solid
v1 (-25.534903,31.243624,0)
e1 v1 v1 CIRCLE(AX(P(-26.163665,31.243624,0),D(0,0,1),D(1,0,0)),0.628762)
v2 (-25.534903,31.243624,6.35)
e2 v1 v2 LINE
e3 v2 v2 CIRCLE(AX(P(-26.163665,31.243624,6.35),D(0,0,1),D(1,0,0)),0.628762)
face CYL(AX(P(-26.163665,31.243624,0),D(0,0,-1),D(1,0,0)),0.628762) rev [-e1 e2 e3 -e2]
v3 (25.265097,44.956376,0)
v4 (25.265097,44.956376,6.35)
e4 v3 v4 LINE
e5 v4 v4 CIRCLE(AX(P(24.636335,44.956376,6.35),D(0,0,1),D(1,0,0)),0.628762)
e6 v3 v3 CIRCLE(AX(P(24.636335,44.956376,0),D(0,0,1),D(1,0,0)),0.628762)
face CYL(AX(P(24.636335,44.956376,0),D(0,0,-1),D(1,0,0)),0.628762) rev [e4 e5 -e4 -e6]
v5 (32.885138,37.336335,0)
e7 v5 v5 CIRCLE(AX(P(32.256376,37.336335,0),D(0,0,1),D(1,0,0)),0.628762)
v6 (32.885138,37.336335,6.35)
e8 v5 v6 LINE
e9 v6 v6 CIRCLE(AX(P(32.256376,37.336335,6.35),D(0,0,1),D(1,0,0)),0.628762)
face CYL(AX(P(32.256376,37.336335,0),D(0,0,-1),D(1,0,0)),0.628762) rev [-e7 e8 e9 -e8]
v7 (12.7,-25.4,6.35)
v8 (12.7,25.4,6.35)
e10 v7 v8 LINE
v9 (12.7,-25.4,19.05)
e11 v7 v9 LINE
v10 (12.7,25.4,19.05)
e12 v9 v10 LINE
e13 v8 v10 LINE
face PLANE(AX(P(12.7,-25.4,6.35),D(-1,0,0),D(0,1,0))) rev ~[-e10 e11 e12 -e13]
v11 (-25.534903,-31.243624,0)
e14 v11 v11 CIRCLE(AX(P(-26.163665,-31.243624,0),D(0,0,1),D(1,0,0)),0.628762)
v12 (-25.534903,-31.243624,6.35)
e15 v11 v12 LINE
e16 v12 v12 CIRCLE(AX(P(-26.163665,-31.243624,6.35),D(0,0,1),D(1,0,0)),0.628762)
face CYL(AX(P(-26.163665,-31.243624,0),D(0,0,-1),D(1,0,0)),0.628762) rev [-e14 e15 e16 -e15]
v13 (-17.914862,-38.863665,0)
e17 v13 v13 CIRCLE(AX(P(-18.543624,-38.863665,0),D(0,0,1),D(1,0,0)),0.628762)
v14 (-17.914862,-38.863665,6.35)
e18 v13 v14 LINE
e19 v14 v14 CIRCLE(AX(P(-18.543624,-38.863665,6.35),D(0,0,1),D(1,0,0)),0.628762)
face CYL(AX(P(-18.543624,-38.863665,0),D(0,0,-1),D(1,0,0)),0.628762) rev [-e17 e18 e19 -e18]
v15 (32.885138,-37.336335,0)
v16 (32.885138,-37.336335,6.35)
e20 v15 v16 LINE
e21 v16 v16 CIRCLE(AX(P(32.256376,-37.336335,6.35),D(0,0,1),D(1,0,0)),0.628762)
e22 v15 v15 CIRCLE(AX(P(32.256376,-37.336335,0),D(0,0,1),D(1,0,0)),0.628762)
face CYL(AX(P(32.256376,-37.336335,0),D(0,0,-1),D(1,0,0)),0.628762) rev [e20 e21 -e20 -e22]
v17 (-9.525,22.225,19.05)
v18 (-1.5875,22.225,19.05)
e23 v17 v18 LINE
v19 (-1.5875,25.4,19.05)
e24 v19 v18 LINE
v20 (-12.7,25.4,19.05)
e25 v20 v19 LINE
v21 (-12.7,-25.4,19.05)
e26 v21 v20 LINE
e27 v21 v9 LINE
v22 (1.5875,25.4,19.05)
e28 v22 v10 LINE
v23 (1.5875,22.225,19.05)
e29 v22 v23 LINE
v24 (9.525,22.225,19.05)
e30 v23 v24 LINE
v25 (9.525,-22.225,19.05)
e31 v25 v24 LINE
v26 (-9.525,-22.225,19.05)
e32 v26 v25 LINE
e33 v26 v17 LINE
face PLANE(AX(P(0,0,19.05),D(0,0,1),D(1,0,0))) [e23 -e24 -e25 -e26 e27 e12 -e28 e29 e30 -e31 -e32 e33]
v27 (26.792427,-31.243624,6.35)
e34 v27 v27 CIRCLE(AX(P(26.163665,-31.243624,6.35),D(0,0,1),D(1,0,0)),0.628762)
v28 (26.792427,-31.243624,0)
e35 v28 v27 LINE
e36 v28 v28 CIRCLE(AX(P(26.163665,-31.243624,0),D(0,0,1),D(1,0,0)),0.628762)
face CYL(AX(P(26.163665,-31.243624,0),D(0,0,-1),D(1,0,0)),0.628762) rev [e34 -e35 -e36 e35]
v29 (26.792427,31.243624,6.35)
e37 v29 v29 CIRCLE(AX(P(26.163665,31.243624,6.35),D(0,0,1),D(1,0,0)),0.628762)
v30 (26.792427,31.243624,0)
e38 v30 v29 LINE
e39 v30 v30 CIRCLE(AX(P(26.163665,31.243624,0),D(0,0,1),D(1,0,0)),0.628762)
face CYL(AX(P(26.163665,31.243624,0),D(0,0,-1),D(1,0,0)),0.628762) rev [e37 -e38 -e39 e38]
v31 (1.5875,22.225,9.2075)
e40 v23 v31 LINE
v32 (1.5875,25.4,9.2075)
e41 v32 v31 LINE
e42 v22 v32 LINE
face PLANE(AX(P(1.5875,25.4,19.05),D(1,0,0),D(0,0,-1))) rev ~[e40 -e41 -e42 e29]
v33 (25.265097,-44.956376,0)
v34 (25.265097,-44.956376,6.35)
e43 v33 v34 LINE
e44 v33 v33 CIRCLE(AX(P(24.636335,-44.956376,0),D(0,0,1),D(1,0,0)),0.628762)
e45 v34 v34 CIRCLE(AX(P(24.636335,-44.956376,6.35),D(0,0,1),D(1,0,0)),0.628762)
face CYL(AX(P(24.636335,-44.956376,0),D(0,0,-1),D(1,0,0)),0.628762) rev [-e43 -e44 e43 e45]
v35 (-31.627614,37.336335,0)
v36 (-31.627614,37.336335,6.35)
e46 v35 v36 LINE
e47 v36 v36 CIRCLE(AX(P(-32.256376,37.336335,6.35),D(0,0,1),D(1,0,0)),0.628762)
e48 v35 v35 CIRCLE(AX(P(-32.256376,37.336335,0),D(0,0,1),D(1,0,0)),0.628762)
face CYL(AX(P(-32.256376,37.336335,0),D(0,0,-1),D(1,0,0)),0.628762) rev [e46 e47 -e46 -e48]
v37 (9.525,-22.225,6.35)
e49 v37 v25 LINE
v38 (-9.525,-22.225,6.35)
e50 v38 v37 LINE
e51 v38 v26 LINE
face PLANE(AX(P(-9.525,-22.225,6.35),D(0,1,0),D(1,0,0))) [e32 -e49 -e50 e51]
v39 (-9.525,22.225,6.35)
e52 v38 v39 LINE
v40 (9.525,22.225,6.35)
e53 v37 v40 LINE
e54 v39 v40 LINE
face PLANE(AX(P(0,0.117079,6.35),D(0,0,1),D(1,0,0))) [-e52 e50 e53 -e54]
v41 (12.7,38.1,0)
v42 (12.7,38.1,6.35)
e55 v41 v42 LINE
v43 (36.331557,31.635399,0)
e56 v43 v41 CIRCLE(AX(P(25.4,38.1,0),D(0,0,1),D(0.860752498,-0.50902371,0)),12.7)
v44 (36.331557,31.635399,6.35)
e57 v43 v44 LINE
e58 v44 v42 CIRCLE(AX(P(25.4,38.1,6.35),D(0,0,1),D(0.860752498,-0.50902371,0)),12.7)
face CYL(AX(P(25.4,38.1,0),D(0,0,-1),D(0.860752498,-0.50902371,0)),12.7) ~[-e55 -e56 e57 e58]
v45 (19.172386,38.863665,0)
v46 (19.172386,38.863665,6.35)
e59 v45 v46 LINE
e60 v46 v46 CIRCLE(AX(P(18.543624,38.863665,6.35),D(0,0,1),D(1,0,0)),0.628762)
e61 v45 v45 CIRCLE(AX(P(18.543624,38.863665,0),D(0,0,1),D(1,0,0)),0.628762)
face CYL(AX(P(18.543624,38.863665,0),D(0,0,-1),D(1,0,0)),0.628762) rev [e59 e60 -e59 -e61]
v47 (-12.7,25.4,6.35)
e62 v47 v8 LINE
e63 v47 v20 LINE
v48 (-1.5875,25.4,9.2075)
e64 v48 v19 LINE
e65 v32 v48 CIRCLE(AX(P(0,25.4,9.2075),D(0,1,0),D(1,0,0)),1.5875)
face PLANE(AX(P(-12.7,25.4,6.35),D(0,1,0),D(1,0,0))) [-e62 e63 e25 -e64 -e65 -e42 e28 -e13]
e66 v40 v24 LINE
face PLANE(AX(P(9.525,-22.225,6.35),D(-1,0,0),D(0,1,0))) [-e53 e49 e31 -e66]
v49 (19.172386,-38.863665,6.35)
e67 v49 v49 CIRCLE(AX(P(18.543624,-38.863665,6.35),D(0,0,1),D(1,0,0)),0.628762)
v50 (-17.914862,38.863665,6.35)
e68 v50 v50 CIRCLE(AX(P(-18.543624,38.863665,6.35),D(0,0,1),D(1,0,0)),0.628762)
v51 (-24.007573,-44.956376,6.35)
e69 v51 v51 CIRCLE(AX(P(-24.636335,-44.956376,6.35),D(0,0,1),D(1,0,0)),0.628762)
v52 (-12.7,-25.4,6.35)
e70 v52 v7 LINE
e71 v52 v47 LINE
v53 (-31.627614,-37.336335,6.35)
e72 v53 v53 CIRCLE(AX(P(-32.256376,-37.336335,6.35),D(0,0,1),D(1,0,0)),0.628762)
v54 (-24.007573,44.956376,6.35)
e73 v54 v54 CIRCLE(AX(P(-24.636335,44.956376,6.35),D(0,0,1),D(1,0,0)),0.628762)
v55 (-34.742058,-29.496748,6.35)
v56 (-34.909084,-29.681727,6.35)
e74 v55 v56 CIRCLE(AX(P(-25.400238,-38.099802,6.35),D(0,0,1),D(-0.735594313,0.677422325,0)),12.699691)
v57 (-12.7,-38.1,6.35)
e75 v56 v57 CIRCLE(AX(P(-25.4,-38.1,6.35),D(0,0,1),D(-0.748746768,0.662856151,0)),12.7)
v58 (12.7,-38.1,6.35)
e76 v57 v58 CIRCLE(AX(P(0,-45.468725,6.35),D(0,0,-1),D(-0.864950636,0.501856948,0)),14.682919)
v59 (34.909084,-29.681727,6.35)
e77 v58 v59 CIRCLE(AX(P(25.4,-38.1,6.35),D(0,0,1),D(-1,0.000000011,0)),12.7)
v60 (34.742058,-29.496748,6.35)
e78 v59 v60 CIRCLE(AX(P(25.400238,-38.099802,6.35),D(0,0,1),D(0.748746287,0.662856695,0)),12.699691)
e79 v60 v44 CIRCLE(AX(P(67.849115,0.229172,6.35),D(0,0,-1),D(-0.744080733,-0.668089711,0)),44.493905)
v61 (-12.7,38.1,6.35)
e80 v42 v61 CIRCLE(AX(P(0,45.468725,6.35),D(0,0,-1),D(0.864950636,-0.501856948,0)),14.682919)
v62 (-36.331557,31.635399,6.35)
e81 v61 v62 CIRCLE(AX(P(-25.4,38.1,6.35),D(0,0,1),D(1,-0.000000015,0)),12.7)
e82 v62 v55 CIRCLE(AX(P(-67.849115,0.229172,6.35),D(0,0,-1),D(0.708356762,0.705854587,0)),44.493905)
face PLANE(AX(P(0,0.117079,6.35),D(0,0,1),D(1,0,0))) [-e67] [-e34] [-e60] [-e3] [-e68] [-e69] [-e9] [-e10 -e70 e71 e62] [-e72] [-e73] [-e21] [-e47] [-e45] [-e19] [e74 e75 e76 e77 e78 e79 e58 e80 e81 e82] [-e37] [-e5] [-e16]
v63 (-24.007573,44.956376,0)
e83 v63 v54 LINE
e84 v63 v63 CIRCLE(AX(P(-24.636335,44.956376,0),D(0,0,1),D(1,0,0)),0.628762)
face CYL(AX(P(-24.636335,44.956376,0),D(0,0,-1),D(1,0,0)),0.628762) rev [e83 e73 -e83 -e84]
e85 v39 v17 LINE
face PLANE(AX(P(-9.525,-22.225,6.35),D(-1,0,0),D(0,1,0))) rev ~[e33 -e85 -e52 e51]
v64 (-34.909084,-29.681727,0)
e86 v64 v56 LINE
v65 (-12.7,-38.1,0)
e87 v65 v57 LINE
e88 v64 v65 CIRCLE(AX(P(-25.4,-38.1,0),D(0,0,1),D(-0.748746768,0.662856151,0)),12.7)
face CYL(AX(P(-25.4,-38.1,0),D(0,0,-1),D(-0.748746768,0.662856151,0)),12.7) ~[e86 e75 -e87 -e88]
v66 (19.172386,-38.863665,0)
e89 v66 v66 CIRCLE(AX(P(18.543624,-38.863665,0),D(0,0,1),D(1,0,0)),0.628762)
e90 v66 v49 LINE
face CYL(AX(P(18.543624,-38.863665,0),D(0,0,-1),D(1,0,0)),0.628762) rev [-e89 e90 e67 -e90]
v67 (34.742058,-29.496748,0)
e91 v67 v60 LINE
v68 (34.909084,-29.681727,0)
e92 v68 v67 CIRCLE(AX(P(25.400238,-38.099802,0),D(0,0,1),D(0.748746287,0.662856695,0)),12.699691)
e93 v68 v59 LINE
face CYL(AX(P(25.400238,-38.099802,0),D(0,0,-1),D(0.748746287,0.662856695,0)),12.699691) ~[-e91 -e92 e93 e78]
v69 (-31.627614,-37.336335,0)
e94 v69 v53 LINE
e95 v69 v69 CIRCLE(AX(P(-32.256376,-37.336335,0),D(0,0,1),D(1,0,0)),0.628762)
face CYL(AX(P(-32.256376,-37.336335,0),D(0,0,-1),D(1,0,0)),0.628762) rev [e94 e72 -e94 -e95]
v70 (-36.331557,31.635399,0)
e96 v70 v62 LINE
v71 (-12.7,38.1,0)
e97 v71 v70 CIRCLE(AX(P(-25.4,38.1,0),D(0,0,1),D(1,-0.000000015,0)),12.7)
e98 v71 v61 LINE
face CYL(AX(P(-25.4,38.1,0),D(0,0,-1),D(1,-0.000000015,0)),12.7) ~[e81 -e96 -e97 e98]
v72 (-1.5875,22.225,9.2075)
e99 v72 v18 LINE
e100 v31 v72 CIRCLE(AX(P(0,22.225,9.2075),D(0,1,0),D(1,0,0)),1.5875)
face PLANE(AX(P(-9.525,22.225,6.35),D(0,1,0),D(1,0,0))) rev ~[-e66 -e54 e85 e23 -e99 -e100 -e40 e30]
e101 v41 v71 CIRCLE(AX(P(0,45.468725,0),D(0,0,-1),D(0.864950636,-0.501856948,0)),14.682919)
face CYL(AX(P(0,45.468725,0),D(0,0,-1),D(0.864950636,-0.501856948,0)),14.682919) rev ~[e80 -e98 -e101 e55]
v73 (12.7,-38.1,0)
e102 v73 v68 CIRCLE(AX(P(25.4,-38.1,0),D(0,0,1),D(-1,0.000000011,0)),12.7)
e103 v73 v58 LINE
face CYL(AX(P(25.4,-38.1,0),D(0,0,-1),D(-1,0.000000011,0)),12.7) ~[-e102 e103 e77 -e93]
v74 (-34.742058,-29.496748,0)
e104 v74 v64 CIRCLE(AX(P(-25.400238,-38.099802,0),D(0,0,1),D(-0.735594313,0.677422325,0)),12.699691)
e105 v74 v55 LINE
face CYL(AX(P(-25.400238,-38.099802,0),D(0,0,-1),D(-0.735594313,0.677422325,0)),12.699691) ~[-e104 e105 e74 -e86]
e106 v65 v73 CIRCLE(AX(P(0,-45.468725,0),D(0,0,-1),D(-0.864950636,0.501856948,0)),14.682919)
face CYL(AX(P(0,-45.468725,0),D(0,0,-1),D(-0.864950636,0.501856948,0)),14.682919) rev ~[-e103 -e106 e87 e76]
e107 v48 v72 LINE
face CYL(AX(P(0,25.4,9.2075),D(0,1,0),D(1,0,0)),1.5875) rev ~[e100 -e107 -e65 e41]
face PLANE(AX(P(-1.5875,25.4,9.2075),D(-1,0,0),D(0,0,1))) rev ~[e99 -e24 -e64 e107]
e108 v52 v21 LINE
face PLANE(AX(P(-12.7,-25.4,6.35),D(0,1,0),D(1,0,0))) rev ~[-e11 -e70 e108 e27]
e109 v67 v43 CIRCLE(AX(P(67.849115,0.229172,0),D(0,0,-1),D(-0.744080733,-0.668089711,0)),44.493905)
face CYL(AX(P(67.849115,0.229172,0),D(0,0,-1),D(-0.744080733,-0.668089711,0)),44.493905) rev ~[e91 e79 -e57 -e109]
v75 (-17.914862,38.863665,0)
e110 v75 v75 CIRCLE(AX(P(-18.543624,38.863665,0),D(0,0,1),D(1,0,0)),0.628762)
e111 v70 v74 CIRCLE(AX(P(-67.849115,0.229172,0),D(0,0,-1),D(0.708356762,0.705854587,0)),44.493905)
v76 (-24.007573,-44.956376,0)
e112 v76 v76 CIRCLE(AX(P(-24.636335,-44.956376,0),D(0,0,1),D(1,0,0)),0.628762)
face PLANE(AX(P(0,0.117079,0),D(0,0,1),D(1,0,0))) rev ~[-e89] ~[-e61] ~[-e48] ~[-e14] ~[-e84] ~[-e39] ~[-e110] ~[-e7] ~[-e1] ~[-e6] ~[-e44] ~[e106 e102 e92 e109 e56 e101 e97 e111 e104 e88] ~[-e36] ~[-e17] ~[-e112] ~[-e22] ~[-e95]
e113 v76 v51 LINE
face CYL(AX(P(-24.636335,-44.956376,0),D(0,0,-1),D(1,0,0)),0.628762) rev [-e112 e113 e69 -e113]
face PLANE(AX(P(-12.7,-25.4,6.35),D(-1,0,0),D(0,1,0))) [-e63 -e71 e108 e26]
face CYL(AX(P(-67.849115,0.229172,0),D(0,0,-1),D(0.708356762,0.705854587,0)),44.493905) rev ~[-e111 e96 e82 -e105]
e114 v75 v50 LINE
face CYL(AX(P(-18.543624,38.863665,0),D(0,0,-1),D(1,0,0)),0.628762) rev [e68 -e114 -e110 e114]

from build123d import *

# Parameters (mm, degrees)
F0_R     = 0.628762
F1_DEPTH = 6.35
F2_W     = 25.4
F2_H     = 50.8
F2_W_2   = 19.05
F2_H_2   = 44.45
F3_DEPTH = 12.7
F5_DEPTH = 25.4


with BuildPart() as f1:
    # F0 (on Top) → F1 (new body)
    with BuildSketch(Plane.XY):
        with BuildLine():
            ThreePointArc((12.7, 38.1), (0, 30.785806), (-12.7, 38.1))
            ThreePointArc((-12.7, 38.1), (-28.751062, 50.349914), (-36.331557, 31.635399))
            ThreePointArc((-36.331557, 31.635399), (-23.370243, 1.385669), (-34.742058, -29.496748))
            ThreePointArc((-34.742058, -29.496748), (-34.825441, -29.589354), (-34.909084, -29.681727))
            ThreePointArc((-34.909084, -29.681727), (-29.901368, -49.975508), (-12.7, -38.1))
            ThreePointArc((-12.7, -38.1), (0, -30.785806), (12.7, -38.1))
            ThreePointArc((12.7, -38.1), (29.901368, -49.975508), (34.909084, -29.681727))
            ThreePointArc((34.909084, -29.681727), (34.825441, -29.589354), (34.742058, -29.496748))
            ThreePointArc((34.742058, -29.496748), (23.370243, 1.385669), (36.331557, 31.635399))
            ThreePointArc((36.331557, 31.635399), (28.751062, 50.349914), (12.7, 38.1))
        make_face()
        with Locations((-24.636335, -44.956376)):
            Circle(F0_R, mode=Mode.SUBTRACT)
        with Locations((-32.256376, -37.336335)):
            Circle(F0_R, mode=Mode.SUBTRACT)
        with Locations((-26.163665, -31.243624)):
            Circle(F0_R, mode=Mode.SUBTRACT)
        with Locations((-18.543624, -38.863665)):
            Circle(F0_R, mode=Mode.SUBTRACT)
        with Locations((18.543624, -38.863665)):
            Circle(F0_R, mode=Mode.SUBTRACT)
        with Locations((24.636335, -44.956376)):
            Circle(F0_R, mode=Mode.SUBTRACT)
        with Locations((26.163665, -31.243624)):
            Circle(F0_R, mode=Mode.SUBTRACT)
        with Locations((32.256376, -37.336335)):
            Circle(F0_R, mode=Mode.SUBTRACT)
        with Locations((-32.256376, 37.336335)):
            Circle(F0_R, mode=Mode.SUBTRACT)
        with Locations((-26.163665, 31.243624)):
            Circle(F0_R, mode=Mode.SUBTRACT)
        with Locations((-24.636335, 44.956376)):
            Circle(F0_R, mode=Mode.SUBTRACT)
        with Locations((-18.543624, 38.863665)):
            Circle(F0_R, mode=Mode.SUBTRACT)
        with Locations((18.543624, 38.863665)):
            Circle(F0_R, mode=Mode.SUBTRACT)
        with Locations((26.163665, 31.243624)):
            Circle(F0_R, mode=Mode.SUBTRACT)
        with Locations((32.256376, 37.336335)):
            Circle(F0_R, mode=Mode.SUBTRACT)
        with Locations((24.636335, 44.956376)):
            Circle(F0_R, mode=Mode.SUBTRACT)
        with BuildLine():
            ThreePointArc((-34.909084, -29.681727), (-34.825441, -29.589354), (-34.742058, -29.496748))
            ThreePointArc((-34.742058, -29.496748), (-34.826025, -29.588828), (-34.909084, -29.681727))
        make_face()
        with BuildLine():
            ThreePointArc((34.909084, -29.681727), (34.826025, -29.588828), (34.742058, -29.496748))
            ThreePointArc((34.742058, -29.496748), (34.825441, -29.589354), (34.909084, -29.681727))
        make_face()
    extrude(amount=F1_DEPTH)

    # F2 (on face) → F3 (join)
    with BuildSketch(Plane.XY.offset(6.35)):
        Rectangle(F2_W, F2_H)
        Rectangle(F2_W_2, F2_H_2, mode=Mode.SUBTRACT)
    extrude(amount=F3_DEPTH)

    # F4 (on face) → F5 (cut)
    with BuildSketch(Plane(origin=(0, 25.4, 0), x_dir=(-1, 0, 0), z_dir=(0, 1, 0))):
        with BuildLine():
            Line((1.5875, 19.05), (-1.5875, 19.05))
            Line((-1.5875, 19.05), (-1.5875, 9.2075))
            ThreePointArc((-1.5875, 9.2075), (0, 7.62), (1.5875, 9.2075))
            Line((1.5875, 9.2075), (1.5875, 19.05))
        make_face()
    extrude(amount=-F5_DEPTH, mode=Mode.SUBTRACT)


solid = f1.part
